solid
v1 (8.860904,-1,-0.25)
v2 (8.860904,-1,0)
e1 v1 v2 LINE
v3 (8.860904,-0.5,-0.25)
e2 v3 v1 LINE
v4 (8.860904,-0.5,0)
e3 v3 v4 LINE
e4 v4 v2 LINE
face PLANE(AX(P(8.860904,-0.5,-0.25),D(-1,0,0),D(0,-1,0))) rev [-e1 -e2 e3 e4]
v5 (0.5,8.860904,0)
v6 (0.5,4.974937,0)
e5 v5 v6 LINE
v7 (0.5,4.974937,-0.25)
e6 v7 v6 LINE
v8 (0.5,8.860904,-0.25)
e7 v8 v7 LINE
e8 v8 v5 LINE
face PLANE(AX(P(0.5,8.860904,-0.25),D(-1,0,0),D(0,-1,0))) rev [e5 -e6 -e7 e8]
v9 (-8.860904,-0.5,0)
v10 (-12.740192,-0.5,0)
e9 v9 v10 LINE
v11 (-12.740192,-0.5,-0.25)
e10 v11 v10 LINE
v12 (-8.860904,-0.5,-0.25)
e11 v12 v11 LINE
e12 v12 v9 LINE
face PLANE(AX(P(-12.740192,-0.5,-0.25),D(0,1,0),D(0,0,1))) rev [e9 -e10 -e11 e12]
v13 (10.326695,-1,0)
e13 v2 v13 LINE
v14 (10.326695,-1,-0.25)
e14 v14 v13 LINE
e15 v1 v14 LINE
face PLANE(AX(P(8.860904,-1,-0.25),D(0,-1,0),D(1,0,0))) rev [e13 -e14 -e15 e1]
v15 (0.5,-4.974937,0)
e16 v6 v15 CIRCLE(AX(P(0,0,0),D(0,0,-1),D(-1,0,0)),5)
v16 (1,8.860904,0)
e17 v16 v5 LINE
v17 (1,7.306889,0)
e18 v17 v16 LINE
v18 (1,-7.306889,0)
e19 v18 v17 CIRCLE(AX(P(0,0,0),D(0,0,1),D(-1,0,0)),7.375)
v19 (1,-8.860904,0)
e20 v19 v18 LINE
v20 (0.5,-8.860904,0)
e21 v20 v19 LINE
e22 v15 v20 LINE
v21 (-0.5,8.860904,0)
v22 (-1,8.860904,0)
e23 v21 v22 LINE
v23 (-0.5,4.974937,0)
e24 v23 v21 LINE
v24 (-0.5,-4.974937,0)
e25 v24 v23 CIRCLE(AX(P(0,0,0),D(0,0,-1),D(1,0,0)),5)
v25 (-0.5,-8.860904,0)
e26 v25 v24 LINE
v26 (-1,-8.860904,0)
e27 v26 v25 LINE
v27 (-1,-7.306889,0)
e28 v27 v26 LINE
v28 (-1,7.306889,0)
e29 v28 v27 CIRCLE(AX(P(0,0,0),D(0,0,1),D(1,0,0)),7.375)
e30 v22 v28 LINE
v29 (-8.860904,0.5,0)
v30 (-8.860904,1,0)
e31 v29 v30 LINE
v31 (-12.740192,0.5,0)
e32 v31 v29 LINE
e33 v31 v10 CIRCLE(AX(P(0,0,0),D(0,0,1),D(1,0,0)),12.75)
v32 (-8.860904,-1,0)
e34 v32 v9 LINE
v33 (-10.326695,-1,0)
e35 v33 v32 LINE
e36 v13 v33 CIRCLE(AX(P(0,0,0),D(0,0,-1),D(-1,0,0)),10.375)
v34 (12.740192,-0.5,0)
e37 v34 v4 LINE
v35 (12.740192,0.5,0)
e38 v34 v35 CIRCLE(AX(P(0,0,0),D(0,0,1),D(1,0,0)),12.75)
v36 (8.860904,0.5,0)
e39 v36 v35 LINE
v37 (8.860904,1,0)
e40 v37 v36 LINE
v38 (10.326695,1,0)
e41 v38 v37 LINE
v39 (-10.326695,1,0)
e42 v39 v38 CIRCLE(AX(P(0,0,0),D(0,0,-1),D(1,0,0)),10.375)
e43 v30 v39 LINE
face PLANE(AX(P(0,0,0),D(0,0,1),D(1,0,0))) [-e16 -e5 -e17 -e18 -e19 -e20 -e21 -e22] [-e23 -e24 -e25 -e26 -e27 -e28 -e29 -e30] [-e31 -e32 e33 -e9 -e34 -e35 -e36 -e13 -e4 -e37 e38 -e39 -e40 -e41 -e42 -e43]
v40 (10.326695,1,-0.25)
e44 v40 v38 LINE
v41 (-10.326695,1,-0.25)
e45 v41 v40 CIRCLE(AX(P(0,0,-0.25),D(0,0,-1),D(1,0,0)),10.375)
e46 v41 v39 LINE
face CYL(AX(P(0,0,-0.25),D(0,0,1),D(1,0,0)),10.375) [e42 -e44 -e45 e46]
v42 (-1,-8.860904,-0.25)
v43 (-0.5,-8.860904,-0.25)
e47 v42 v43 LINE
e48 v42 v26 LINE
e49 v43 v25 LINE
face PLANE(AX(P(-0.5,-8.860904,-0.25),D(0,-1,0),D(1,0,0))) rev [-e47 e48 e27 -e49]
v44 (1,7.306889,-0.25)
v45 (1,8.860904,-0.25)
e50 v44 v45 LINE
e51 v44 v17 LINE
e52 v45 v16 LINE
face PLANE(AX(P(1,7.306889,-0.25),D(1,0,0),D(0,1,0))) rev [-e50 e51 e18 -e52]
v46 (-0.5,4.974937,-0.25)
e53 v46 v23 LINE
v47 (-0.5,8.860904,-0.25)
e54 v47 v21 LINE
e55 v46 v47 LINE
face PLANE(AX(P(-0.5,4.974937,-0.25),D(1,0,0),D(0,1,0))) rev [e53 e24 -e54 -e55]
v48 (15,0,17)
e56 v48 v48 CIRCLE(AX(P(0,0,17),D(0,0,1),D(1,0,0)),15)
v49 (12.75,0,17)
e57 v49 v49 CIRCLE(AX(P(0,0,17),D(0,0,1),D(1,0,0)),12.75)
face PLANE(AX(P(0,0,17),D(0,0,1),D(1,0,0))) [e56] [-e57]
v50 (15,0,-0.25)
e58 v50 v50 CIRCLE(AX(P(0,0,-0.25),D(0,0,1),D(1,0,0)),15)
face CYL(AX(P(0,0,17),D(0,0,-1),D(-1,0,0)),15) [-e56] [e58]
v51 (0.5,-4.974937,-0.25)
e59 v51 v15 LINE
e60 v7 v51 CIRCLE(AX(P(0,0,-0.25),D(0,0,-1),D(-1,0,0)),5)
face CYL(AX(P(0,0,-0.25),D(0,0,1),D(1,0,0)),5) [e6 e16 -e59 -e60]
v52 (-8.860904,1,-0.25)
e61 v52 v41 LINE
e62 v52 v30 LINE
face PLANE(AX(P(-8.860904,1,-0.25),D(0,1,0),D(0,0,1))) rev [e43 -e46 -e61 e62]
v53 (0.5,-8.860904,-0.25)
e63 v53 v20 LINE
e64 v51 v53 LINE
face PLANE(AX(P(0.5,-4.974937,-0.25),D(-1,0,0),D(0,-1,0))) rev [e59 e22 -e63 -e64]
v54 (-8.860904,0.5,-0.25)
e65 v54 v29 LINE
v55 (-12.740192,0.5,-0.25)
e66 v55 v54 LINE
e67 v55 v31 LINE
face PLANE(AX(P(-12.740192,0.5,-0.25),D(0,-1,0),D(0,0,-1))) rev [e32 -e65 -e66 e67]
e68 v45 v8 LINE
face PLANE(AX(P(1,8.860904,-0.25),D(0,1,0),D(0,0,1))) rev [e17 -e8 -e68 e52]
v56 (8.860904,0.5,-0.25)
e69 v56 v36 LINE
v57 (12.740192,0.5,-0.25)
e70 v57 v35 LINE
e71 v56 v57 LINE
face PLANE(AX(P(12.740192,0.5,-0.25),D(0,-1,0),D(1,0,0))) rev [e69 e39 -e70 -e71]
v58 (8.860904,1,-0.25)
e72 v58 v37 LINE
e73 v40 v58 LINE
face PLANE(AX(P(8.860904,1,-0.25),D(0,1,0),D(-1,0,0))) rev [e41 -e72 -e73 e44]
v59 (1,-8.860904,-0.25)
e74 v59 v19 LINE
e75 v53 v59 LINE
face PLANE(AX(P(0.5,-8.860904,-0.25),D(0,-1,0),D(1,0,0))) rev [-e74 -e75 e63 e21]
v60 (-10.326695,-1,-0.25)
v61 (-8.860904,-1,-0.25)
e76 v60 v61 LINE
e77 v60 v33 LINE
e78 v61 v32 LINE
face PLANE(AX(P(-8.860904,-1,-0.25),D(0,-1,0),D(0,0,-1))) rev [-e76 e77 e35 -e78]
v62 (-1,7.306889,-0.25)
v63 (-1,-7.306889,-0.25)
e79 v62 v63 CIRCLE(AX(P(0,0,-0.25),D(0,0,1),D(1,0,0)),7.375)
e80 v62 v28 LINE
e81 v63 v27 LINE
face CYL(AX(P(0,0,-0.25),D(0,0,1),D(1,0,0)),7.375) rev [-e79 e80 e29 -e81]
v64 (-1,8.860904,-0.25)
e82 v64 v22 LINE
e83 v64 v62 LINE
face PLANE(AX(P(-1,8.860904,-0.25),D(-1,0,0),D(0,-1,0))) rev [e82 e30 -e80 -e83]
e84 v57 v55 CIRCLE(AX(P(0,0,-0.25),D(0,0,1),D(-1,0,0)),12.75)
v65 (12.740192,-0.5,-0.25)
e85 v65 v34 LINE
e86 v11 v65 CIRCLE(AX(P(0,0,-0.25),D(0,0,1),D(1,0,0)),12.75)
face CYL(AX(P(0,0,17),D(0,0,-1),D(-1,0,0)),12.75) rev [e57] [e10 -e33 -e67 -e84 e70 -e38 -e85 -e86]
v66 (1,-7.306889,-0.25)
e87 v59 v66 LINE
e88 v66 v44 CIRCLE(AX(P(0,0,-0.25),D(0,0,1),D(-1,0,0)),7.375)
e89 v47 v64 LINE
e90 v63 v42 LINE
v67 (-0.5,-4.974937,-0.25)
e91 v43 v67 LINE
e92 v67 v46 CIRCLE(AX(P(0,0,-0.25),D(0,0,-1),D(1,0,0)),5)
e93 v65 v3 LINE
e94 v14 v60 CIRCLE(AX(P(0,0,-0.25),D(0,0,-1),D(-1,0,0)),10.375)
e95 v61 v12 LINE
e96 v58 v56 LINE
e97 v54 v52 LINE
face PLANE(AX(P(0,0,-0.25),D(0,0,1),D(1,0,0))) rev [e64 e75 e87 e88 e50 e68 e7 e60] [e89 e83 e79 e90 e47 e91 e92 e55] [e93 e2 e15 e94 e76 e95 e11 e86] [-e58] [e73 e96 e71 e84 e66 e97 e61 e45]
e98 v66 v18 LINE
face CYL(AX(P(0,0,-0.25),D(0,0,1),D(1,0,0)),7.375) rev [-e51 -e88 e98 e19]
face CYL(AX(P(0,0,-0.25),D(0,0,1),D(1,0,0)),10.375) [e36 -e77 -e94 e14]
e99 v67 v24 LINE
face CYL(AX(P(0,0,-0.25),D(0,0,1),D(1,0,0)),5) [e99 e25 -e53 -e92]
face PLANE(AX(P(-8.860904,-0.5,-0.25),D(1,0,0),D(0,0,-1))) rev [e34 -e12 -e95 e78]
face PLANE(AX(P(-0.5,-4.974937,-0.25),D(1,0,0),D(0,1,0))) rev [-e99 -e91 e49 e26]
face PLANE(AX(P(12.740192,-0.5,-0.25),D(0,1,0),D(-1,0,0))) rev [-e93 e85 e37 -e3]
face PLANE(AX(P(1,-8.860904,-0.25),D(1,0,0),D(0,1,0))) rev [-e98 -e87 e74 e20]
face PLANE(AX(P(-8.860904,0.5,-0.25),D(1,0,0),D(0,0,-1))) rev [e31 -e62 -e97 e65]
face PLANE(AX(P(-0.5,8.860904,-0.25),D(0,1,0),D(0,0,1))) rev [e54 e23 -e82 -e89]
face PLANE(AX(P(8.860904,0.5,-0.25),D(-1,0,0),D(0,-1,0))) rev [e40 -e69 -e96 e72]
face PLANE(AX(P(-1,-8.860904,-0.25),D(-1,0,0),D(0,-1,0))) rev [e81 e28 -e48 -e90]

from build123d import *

# Parameters (mm, degrees)
SKETCH1_R           = 15
SKETCH1_R_2         = 12.75
BOSS_EXTRUDE1_DEPTH = 17
SKETCH2_R           = 15
BOSS_EXTRUDE2_DEPTH = 0.25


with BuildPart() as part:
    # Sketch1 → Boss-Extrude1 (new body)
    with BuildSketch(Plane.XY):
        Circle(SKETCH1_R)
        Circle(SKETCH1_R_2, mode=Mode.SUBTRACT)
    extrude(amount=BOSS_EXTRUDE1_DEPTH)

    # Sketch2 → Boss-Extrude2 (add)
    with BuildSketch(Plane.XY):
        Circle(SKETCH2_R)
        with BuildLine():
            Line((-0.5, 4.974937186), (-0.5, 8.860904299))
            Line((-0.5, 8.860904299), (-1, 8.860904299))
            Line((-1, 8.860904299), (-1, 7.306888873))
            ThreePointArc((-1, 7.306888873), (-7.375, 0), (-1, -7.306888873))
            Line((-1, -7.306888873), (-1, -8.860904299))
            Line((-1, -8.860904299), (-0.5, -8.860904299))
            Line((-0.5, -8.860904299), (-0.5, -4.974937186))
            ThreePointArc((-0.5, -4.974937186), (-5, 0), (-0.5, 4.974937186))
        make_face(mode=Mode.SUBTRACT)
        with BuildLine():
            Line((1, 7.306888873), (1, 8.860904299))
            Line((1, 8.860904299), (0.5, 8.860904299))
            Line((0.5, 8.860904299), (0.5, 4.974937186))
            ThreePointArc((0.5, 4.974937186), (5, 0), (0.5, -4.974937186))
            Line((0.5, -4.974937186), (0.5, -8.860904299))
            Line((0.5, -8.860904299), (1, -8.860904299))
            Line((1, -8.860904299), (1, -7.306888873))
            ThreePointArc((1, -7.306888873), (7.375, 0), (1, 7.306888873))
        make_face(mode=Mode.SUBTRACT)
        with BuildLine():
            Line((-12.740192306, 0.5), (-8.860904299, 0.5))
            Line((-8.860904299, 0.5), (-8.860904299, 1))
            Line((-8.860904299, 1), (-10.326694776, 1))
            ThreePointArc((-10.326694776, 1), (0, 10.375), (10.326694776, 1))
            Line((10.326694776, 1), (8.860904299, 1))
            Line((8.860904299, 1), (8.860904299, 0.5))
            Line((8.860904299, 0.5), (12.740192306, 0.5))
            ThreePointArc((12.740192306, 0.5), (0, 12.75), (-12.740192306, 0.5))
        make_face(mode=Mode.SUBTRACT)
        with BuildLine():
            Line((-12.740192306, -0.5), (-8.860904299, -0.5))
            Line((-8.860904299, -0.5), (-8.860904299, -1))
            Line((-8.860904299, -1), (-10.326694776, -1))
            ThreePointArc((-10.326694776, -1), (0, -10.375), (10.326694776, -1))
            Line((10.326694776, -1), (8.860904299, -1))
            Line((8.860904299, -1), (8.860904299, -0.5))
            Line((8.860904299, -0.5), (12.740192306, -0.5))
            ThreePointArc((12.740192306, -0.5), (0, -12.75), (-12.740192306, -0.5))
        make_face(mode=Mode.SUBTRACT)
    extrude(amount=-BOSS_EXTRUDE2_DEPTH)


solid = part.part
